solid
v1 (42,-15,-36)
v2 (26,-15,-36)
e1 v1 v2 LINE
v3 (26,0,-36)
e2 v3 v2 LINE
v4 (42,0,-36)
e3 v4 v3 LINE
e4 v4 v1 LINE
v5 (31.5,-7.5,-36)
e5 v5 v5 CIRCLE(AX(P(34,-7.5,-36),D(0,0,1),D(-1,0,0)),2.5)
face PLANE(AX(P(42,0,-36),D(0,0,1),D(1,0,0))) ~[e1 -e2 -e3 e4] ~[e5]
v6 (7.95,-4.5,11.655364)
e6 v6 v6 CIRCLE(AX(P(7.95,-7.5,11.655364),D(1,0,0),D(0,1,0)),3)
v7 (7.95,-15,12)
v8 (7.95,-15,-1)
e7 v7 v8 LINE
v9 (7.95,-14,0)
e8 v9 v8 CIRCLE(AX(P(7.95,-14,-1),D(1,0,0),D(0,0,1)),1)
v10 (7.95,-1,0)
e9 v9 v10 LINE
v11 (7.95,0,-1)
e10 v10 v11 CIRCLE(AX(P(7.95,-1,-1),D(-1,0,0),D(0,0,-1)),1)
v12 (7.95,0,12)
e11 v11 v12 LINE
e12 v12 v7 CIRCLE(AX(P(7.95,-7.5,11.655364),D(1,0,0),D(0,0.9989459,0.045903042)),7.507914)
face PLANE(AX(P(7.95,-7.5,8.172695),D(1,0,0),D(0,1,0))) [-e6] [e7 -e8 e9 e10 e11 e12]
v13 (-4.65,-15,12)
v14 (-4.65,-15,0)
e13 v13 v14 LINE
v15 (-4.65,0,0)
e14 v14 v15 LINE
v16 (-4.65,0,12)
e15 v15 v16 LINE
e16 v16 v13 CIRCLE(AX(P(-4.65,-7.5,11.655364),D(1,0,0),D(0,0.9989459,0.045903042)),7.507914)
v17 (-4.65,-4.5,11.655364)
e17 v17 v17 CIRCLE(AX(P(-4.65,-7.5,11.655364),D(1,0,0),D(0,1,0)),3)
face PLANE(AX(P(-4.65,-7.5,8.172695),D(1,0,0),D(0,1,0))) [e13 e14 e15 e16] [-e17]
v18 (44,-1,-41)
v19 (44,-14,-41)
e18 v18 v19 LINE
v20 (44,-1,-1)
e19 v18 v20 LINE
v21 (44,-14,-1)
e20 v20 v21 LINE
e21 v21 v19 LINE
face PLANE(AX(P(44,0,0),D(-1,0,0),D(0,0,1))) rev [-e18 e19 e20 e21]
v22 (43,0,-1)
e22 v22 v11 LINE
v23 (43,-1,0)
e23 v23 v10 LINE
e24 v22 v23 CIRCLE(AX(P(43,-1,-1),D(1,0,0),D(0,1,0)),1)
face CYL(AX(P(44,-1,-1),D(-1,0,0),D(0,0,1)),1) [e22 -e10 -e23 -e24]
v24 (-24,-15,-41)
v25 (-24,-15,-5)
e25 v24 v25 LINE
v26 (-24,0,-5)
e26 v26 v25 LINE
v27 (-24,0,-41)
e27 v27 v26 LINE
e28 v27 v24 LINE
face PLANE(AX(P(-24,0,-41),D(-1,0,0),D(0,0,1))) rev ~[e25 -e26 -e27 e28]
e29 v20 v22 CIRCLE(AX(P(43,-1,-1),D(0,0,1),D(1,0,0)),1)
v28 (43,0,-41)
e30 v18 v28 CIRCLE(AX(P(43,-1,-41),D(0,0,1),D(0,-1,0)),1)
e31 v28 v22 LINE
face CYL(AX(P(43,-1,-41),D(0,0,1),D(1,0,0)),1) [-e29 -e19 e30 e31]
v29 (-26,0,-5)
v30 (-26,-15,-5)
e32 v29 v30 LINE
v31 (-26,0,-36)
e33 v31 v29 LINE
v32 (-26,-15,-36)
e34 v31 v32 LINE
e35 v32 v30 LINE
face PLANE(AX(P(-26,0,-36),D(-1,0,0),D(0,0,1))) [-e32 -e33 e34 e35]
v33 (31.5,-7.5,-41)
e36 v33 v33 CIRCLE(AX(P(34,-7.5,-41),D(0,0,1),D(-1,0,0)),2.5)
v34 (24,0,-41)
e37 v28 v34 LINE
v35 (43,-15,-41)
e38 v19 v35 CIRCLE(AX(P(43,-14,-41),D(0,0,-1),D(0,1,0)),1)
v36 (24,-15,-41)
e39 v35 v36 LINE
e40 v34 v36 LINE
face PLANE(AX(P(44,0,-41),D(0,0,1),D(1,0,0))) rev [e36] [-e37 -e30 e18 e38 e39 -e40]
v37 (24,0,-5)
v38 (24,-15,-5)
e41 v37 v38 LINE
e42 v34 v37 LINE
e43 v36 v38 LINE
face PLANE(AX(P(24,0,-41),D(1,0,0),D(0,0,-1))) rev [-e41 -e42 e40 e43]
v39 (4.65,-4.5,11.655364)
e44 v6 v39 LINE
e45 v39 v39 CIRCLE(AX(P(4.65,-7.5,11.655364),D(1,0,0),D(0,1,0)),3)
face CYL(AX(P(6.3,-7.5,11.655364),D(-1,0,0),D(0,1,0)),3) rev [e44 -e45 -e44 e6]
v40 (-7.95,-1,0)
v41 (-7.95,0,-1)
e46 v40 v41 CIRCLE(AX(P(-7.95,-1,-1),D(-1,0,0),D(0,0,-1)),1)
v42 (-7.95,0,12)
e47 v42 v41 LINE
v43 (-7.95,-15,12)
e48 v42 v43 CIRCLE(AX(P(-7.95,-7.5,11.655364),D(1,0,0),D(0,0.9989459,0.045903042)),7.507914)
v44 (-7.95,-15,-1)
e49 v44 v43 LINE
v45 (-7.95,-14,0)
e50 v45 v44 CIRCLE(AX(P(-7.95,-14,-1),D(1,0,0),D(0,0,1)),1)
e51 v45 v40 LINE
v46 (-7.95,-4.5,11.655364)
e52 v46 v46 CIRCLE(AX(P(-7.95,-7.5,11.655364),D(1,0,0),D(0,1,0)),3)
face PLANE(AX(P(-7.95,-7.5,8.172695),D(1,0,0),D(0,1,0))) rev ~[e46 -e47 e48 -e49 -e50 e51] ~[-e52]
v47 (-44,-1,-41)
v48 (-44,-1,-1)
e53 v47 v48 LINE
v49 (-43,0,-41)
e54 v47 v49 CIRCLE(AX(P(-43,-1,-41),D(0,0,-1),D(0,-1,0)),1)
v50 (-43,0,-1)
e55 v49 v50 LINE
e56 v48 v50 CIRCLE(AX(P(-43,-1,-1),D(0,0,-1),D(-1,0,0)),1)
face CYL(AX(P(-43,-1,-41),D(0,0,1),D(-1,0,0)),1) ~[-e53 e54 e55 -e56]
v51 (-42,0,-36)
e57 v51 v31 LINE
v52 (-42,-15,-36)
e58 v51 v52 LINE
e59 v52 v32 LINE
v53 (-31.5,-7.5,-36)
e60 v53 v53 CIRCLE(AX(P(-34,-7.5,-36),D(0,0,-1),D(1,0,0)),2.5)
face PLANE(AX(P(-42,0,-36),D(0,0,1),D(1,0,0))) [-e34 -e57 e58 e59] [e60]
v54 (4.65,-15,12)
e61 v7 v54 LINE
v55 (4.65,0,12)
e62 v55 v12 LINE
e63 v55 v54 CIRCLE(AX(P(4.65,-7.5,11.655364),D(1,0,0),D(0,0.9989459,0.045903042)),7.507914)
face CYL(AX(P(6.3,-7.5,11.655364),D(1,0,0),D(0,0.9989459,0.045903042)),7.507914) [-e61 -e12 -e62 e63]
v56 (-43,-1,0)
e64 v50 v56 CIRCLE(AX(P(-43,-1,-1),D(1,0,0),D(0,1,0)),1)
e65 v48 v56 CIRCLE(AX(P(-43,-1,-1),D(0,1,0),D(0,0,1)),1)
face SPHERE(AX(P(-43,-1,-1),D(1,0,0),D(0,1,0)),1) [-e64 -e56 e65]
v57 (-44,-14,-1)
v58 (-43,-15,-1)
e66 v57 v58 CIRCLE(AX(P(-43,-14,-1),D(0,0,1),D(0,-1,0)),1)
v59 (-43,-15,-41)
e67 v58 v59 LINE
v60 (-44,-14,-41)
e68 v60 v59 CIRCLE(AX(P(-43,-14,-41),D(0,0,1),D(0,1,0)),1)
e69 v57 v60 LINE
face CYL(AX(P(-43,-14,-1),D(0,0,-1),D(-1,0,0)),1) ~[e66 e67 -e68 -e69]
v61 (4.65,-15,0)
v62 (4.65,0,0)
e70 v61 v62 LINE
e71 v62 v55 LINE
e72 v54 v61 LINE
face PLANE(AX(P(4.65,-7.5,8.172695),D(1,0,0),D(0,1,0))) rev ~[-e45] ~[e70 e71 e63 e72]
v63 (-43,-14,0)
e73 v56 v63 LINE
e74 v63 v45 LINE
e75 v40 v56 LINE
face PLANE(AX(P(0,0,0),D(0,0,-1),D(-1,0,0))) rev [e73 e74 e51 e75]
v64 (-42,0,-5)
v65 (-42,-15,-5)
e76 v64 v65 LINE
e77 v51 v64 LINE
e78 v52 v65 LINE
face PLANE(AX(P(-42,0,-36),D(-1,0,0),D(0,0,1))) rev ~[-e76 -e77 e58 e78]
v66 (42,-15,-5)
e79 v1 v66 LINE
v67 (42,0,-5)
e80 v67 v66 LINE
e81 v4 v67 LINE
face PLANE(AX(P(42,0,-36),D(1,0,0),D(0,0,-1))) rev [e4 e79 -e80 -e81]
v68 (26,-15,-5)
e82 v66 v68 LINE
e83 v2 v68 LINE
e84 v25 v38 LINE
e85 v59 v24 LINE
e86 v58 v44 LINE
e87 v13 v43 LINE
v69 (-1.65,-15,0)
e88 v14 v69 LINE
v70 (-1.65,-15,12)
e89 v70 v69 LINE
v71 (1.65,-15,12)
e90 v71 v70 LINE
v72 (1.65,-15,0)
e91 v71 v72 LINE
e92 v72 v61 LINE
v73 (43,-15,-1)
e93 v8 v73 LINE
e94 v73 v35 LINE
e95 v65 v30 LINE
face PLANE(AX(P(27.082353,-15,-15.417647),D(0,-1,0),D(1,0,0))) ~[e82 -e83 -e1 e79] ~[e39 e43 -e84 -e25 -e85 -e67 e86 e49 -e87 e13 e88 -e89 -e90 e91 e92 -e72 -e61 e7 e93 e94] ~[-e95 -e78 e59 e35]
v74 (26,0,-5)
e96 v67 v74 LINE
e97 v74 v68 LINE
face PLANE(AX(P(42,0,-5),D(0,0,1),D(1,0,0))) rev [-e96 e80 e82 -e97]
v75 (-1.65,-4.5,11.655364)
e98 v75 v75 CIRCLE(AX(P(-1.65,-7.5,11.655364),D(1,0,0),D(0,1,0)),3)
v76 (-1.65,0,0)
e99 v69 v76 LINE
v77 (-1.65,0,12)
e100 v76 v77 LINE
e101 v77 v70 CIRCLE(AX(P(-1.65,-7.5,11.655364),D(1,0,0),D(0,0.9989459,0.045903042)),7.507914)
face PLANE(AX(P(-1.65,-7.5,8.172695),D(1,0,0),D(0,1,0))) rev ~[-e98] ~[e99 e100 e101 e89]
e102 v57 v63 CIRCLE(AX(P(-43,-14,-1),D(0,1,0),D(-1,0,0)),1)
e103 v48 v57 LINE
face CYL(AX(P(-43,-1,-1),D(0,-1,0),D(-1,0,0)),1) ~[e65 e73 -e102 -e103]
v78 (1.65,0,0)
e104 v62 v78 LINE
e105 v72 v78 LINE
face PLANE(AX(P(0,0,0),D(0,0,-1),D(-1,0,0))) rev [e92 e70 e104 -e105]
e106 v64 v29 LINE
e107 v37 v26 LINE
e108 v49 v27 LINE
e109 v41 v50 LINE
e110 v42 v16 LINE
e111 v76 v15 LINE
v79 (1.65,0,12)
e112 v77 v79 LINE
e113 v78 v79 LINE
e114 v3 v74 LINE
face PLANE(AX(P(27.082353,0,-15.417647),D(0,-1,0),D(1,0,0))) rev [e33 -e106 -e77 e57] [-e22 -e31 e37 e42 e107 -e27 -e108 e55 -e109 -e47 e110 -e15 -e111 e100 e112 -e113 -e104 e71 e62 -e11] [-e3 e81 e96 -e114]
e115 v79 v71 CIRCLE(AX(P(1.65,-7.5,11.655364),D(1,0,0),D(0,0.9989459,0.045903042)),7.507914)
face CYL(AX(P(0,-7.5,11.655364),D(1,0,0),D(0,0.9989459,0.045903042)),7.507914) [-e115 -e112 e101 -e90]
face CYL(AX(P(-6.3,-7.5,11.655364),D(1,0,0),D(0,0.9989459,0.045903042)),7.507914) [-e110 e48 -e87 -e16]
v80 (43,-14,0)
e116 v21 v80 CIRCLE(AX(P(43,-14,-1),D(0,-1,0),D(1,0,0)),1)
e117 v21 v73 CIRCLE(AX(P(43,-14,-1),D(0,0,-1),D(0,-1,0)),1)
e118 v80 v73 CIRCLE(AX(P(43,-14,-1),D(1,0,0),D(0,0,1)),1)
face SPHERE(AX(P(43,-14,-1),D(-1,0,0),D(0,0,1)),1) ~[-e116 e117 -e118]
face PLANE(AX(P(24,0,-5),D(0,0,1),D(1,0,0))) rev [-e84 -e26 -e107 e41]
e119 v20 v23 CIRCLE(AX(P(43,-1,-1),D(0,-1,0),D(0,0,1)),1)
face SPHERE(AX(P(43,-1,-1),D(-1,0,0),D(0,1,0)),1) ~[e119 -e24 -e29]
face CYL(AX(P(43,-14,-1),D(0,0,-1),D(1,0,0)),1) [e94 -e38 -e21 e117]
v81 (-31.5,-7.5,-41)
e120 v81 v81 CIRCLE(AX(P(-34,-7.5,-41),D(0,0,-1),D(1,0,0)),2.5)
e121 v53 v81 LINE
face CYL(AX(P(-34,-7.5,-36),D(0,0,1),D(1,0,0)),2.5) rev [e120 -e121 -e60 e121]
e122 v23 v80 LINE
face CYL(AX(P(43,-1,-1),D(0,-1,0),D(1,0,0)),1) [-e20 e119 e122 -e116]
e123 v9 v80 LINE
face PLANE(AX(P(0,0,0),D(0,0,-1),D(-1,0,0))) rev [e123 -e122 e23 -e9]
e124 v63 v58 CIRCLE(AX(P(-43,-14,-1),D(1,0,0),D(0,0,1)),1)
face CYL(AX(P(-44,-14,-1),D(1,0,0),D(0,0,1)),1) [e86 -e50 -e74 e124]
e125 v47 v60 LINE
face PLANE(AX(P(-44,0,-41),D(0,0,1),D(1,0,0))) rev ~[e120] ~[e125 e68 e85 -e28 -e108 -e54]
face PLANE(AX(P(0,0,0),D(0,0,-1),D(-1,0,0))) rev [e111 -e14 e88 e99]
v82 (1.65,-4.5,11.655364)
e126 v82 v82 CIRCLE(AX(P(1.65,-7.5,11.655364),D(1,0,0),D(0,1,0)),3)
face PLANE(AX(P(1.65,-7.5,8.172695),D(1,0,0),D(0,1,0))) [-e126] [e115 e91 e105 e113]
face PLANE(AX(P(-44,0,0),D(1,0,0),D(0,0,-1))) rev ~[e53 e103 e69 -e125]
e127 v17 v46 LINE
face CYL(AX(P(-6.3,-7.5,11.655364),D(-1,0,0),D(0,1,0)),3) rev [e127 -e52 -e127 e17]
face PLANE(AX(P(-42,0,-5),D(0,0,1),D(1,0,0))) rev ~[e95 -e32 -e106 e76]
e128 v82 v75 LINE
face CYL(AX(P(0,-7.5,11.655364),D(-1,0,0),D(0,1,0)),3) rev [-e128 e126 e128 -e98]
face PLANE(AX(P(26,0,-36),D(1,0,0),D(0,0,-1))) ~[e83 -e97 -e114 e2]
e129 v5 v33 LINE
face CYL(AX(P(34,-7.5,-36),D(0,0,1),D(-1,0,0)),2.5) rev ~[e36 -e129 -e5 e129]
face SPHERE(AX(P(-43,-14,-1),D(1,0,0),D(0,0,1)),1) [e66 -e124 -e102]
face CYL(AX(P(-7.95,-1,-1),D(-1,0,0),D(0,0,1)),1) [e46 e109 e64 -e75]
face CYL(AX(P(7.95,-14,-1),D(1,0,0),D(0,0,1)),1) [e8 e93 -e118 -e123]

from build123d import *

# Parameters (mm, degrees)
SKETCH_W               = 16
SKETCH_H               = 31
PAD_DEPTH              = 15
SKETCH001_R            = 2.5
POCKET_DEPTH           = 5
SKETCH002_R            = 3
PAD001_DEPTH           = 1.65
LINEARPATTERN_COUNT    = 2
LINEARPATTERN_PITCH    = 6.3
LINEARPATTERN001_COUNT = 2
LINEARPATTERN001_PITCH = 6.3
FILLET_R               = 1
FILLET001_R            = 1
FILLET002_R            = 1
FILLET003_R            = 1
FILLET004_R            = 1
FILLET005_R            = 1


with BuildPart() as part:
    # Sketch → Pad (new body)
    with BuildSketch(Plane.XZ):
        Polygon((0, 0), (-44, 0), (-44, -41), (-24, -41), (-24, -5), (0, -5), align=None)
        with Locations((-34, -20.5)):
            Rectangle(SKETCH_W, SKETCH_H, mode=Mode.SUBTRACT)
    pad = extrude(amount=PAD_DEPTH)

    # Mirrored: Pad across Sketch V_Axis
    add(pad.mirror(Plane(origin=(0, 0, 0), x_dir=(0, -1, 0), z_dir=(1, 0, 0))))

    # Sketch001 (on Face11 of Mirrored) → Pocket (cut)
    with BuildSketch(Plane(origin=(0, 0, -36), x_dir=(-1, 0, 0), z_dir=(0, 0, 1))):
        with Locations((-34, 7.5)):
            Circle(SKETCH001_R)
    pocket = extrude(amount=-POCKET_DEPTH, mode=Mode.SUBTRACT)

    # Mirrored001: Pocket across Sketch001 V_Axis
    add(pocket.mirror(Plane(origin=(0, 0, -36), x_dir=(0, 0, 1), z_dir=(-1, 0, 0))), mode=Mode.SUBTRACT)

    # Sketch002 → Pad001 (join, symmetric)
    with BuildSketch(Plane.YZ):
        with BuildLine():
            Line((-15, 0), (0, 0))
            Line((0, 0), (0, 12))
            ThreePointArc((0, 12), (-7.5, 19.163278), (-15, 12))
            Line((-15, 12), (-15, 0))
        make_face()
        with Locations((-7.5, 11.655364)):
            Circle(SKETCH002_R, mode=Mode.SUBTRACT)
    pad001 = extrude(amount=PAD001_DEPTH, both=True)

    # LinearPattern: Pad001 ×2
    with Locations(*[(i * LINEARPATTERN_PITCH, 0, 0) for i in range(1, LINEARPATTERN_COUNT)]):
        add(pad001)

    # LinearPattern001: Pad001 ×2
    with Locations(*[(-i * LINEARPATTERN001_PITCH, 0, 0) for i in range(1, LINEARPATTERN001_COUNT)]):
        add(pad001)

    # Fillet
    fillet_edges = [part.edges().sort_by_distance(p)[0] for p in [
        (25.975, 0, 0),
    ]]
    fillet(fillet_edges, radius=FILLET_R)

    # Fillet001
    fillet001_edges = [part.edges().sort_by_distance(p)[0] for p in [
        (-25.975, 0, 0),
    ]]
    fillet(fillet001_edges, radius=FILLET001_R)

    # Fillet002
    fillet002_edges = [part.edges().sort_by_distance(p)[0] for p in [
        (25.975, -15, 0),
    ]]
    fillet(fillet002_edges, radius=FILLET002_R)

    # Fillet003
    fillet003_edges = [part.edges().sort_by_distance(p)[0] for p in [
        (-25.975, -15, 0),
    ]]
    fillet(fillet003_edges, radius=FILLET003_R)

    # Fillet004
    fillet004_edges = [part.edges().sort_by_distance(p)[0] for p in [
        (-44, -7.5, 0),
    ]]
    fillet(fillet004_edges, radius=FILLET004_R)

    # Fillet005
    fillet005_edges = [part.edges().sort_by_distance(p)[0] for p in [
        (44, -7.5, 0),
    ]]
    fillet(fillet005_edges, radius=FILLET005_R)


solid = part.part
